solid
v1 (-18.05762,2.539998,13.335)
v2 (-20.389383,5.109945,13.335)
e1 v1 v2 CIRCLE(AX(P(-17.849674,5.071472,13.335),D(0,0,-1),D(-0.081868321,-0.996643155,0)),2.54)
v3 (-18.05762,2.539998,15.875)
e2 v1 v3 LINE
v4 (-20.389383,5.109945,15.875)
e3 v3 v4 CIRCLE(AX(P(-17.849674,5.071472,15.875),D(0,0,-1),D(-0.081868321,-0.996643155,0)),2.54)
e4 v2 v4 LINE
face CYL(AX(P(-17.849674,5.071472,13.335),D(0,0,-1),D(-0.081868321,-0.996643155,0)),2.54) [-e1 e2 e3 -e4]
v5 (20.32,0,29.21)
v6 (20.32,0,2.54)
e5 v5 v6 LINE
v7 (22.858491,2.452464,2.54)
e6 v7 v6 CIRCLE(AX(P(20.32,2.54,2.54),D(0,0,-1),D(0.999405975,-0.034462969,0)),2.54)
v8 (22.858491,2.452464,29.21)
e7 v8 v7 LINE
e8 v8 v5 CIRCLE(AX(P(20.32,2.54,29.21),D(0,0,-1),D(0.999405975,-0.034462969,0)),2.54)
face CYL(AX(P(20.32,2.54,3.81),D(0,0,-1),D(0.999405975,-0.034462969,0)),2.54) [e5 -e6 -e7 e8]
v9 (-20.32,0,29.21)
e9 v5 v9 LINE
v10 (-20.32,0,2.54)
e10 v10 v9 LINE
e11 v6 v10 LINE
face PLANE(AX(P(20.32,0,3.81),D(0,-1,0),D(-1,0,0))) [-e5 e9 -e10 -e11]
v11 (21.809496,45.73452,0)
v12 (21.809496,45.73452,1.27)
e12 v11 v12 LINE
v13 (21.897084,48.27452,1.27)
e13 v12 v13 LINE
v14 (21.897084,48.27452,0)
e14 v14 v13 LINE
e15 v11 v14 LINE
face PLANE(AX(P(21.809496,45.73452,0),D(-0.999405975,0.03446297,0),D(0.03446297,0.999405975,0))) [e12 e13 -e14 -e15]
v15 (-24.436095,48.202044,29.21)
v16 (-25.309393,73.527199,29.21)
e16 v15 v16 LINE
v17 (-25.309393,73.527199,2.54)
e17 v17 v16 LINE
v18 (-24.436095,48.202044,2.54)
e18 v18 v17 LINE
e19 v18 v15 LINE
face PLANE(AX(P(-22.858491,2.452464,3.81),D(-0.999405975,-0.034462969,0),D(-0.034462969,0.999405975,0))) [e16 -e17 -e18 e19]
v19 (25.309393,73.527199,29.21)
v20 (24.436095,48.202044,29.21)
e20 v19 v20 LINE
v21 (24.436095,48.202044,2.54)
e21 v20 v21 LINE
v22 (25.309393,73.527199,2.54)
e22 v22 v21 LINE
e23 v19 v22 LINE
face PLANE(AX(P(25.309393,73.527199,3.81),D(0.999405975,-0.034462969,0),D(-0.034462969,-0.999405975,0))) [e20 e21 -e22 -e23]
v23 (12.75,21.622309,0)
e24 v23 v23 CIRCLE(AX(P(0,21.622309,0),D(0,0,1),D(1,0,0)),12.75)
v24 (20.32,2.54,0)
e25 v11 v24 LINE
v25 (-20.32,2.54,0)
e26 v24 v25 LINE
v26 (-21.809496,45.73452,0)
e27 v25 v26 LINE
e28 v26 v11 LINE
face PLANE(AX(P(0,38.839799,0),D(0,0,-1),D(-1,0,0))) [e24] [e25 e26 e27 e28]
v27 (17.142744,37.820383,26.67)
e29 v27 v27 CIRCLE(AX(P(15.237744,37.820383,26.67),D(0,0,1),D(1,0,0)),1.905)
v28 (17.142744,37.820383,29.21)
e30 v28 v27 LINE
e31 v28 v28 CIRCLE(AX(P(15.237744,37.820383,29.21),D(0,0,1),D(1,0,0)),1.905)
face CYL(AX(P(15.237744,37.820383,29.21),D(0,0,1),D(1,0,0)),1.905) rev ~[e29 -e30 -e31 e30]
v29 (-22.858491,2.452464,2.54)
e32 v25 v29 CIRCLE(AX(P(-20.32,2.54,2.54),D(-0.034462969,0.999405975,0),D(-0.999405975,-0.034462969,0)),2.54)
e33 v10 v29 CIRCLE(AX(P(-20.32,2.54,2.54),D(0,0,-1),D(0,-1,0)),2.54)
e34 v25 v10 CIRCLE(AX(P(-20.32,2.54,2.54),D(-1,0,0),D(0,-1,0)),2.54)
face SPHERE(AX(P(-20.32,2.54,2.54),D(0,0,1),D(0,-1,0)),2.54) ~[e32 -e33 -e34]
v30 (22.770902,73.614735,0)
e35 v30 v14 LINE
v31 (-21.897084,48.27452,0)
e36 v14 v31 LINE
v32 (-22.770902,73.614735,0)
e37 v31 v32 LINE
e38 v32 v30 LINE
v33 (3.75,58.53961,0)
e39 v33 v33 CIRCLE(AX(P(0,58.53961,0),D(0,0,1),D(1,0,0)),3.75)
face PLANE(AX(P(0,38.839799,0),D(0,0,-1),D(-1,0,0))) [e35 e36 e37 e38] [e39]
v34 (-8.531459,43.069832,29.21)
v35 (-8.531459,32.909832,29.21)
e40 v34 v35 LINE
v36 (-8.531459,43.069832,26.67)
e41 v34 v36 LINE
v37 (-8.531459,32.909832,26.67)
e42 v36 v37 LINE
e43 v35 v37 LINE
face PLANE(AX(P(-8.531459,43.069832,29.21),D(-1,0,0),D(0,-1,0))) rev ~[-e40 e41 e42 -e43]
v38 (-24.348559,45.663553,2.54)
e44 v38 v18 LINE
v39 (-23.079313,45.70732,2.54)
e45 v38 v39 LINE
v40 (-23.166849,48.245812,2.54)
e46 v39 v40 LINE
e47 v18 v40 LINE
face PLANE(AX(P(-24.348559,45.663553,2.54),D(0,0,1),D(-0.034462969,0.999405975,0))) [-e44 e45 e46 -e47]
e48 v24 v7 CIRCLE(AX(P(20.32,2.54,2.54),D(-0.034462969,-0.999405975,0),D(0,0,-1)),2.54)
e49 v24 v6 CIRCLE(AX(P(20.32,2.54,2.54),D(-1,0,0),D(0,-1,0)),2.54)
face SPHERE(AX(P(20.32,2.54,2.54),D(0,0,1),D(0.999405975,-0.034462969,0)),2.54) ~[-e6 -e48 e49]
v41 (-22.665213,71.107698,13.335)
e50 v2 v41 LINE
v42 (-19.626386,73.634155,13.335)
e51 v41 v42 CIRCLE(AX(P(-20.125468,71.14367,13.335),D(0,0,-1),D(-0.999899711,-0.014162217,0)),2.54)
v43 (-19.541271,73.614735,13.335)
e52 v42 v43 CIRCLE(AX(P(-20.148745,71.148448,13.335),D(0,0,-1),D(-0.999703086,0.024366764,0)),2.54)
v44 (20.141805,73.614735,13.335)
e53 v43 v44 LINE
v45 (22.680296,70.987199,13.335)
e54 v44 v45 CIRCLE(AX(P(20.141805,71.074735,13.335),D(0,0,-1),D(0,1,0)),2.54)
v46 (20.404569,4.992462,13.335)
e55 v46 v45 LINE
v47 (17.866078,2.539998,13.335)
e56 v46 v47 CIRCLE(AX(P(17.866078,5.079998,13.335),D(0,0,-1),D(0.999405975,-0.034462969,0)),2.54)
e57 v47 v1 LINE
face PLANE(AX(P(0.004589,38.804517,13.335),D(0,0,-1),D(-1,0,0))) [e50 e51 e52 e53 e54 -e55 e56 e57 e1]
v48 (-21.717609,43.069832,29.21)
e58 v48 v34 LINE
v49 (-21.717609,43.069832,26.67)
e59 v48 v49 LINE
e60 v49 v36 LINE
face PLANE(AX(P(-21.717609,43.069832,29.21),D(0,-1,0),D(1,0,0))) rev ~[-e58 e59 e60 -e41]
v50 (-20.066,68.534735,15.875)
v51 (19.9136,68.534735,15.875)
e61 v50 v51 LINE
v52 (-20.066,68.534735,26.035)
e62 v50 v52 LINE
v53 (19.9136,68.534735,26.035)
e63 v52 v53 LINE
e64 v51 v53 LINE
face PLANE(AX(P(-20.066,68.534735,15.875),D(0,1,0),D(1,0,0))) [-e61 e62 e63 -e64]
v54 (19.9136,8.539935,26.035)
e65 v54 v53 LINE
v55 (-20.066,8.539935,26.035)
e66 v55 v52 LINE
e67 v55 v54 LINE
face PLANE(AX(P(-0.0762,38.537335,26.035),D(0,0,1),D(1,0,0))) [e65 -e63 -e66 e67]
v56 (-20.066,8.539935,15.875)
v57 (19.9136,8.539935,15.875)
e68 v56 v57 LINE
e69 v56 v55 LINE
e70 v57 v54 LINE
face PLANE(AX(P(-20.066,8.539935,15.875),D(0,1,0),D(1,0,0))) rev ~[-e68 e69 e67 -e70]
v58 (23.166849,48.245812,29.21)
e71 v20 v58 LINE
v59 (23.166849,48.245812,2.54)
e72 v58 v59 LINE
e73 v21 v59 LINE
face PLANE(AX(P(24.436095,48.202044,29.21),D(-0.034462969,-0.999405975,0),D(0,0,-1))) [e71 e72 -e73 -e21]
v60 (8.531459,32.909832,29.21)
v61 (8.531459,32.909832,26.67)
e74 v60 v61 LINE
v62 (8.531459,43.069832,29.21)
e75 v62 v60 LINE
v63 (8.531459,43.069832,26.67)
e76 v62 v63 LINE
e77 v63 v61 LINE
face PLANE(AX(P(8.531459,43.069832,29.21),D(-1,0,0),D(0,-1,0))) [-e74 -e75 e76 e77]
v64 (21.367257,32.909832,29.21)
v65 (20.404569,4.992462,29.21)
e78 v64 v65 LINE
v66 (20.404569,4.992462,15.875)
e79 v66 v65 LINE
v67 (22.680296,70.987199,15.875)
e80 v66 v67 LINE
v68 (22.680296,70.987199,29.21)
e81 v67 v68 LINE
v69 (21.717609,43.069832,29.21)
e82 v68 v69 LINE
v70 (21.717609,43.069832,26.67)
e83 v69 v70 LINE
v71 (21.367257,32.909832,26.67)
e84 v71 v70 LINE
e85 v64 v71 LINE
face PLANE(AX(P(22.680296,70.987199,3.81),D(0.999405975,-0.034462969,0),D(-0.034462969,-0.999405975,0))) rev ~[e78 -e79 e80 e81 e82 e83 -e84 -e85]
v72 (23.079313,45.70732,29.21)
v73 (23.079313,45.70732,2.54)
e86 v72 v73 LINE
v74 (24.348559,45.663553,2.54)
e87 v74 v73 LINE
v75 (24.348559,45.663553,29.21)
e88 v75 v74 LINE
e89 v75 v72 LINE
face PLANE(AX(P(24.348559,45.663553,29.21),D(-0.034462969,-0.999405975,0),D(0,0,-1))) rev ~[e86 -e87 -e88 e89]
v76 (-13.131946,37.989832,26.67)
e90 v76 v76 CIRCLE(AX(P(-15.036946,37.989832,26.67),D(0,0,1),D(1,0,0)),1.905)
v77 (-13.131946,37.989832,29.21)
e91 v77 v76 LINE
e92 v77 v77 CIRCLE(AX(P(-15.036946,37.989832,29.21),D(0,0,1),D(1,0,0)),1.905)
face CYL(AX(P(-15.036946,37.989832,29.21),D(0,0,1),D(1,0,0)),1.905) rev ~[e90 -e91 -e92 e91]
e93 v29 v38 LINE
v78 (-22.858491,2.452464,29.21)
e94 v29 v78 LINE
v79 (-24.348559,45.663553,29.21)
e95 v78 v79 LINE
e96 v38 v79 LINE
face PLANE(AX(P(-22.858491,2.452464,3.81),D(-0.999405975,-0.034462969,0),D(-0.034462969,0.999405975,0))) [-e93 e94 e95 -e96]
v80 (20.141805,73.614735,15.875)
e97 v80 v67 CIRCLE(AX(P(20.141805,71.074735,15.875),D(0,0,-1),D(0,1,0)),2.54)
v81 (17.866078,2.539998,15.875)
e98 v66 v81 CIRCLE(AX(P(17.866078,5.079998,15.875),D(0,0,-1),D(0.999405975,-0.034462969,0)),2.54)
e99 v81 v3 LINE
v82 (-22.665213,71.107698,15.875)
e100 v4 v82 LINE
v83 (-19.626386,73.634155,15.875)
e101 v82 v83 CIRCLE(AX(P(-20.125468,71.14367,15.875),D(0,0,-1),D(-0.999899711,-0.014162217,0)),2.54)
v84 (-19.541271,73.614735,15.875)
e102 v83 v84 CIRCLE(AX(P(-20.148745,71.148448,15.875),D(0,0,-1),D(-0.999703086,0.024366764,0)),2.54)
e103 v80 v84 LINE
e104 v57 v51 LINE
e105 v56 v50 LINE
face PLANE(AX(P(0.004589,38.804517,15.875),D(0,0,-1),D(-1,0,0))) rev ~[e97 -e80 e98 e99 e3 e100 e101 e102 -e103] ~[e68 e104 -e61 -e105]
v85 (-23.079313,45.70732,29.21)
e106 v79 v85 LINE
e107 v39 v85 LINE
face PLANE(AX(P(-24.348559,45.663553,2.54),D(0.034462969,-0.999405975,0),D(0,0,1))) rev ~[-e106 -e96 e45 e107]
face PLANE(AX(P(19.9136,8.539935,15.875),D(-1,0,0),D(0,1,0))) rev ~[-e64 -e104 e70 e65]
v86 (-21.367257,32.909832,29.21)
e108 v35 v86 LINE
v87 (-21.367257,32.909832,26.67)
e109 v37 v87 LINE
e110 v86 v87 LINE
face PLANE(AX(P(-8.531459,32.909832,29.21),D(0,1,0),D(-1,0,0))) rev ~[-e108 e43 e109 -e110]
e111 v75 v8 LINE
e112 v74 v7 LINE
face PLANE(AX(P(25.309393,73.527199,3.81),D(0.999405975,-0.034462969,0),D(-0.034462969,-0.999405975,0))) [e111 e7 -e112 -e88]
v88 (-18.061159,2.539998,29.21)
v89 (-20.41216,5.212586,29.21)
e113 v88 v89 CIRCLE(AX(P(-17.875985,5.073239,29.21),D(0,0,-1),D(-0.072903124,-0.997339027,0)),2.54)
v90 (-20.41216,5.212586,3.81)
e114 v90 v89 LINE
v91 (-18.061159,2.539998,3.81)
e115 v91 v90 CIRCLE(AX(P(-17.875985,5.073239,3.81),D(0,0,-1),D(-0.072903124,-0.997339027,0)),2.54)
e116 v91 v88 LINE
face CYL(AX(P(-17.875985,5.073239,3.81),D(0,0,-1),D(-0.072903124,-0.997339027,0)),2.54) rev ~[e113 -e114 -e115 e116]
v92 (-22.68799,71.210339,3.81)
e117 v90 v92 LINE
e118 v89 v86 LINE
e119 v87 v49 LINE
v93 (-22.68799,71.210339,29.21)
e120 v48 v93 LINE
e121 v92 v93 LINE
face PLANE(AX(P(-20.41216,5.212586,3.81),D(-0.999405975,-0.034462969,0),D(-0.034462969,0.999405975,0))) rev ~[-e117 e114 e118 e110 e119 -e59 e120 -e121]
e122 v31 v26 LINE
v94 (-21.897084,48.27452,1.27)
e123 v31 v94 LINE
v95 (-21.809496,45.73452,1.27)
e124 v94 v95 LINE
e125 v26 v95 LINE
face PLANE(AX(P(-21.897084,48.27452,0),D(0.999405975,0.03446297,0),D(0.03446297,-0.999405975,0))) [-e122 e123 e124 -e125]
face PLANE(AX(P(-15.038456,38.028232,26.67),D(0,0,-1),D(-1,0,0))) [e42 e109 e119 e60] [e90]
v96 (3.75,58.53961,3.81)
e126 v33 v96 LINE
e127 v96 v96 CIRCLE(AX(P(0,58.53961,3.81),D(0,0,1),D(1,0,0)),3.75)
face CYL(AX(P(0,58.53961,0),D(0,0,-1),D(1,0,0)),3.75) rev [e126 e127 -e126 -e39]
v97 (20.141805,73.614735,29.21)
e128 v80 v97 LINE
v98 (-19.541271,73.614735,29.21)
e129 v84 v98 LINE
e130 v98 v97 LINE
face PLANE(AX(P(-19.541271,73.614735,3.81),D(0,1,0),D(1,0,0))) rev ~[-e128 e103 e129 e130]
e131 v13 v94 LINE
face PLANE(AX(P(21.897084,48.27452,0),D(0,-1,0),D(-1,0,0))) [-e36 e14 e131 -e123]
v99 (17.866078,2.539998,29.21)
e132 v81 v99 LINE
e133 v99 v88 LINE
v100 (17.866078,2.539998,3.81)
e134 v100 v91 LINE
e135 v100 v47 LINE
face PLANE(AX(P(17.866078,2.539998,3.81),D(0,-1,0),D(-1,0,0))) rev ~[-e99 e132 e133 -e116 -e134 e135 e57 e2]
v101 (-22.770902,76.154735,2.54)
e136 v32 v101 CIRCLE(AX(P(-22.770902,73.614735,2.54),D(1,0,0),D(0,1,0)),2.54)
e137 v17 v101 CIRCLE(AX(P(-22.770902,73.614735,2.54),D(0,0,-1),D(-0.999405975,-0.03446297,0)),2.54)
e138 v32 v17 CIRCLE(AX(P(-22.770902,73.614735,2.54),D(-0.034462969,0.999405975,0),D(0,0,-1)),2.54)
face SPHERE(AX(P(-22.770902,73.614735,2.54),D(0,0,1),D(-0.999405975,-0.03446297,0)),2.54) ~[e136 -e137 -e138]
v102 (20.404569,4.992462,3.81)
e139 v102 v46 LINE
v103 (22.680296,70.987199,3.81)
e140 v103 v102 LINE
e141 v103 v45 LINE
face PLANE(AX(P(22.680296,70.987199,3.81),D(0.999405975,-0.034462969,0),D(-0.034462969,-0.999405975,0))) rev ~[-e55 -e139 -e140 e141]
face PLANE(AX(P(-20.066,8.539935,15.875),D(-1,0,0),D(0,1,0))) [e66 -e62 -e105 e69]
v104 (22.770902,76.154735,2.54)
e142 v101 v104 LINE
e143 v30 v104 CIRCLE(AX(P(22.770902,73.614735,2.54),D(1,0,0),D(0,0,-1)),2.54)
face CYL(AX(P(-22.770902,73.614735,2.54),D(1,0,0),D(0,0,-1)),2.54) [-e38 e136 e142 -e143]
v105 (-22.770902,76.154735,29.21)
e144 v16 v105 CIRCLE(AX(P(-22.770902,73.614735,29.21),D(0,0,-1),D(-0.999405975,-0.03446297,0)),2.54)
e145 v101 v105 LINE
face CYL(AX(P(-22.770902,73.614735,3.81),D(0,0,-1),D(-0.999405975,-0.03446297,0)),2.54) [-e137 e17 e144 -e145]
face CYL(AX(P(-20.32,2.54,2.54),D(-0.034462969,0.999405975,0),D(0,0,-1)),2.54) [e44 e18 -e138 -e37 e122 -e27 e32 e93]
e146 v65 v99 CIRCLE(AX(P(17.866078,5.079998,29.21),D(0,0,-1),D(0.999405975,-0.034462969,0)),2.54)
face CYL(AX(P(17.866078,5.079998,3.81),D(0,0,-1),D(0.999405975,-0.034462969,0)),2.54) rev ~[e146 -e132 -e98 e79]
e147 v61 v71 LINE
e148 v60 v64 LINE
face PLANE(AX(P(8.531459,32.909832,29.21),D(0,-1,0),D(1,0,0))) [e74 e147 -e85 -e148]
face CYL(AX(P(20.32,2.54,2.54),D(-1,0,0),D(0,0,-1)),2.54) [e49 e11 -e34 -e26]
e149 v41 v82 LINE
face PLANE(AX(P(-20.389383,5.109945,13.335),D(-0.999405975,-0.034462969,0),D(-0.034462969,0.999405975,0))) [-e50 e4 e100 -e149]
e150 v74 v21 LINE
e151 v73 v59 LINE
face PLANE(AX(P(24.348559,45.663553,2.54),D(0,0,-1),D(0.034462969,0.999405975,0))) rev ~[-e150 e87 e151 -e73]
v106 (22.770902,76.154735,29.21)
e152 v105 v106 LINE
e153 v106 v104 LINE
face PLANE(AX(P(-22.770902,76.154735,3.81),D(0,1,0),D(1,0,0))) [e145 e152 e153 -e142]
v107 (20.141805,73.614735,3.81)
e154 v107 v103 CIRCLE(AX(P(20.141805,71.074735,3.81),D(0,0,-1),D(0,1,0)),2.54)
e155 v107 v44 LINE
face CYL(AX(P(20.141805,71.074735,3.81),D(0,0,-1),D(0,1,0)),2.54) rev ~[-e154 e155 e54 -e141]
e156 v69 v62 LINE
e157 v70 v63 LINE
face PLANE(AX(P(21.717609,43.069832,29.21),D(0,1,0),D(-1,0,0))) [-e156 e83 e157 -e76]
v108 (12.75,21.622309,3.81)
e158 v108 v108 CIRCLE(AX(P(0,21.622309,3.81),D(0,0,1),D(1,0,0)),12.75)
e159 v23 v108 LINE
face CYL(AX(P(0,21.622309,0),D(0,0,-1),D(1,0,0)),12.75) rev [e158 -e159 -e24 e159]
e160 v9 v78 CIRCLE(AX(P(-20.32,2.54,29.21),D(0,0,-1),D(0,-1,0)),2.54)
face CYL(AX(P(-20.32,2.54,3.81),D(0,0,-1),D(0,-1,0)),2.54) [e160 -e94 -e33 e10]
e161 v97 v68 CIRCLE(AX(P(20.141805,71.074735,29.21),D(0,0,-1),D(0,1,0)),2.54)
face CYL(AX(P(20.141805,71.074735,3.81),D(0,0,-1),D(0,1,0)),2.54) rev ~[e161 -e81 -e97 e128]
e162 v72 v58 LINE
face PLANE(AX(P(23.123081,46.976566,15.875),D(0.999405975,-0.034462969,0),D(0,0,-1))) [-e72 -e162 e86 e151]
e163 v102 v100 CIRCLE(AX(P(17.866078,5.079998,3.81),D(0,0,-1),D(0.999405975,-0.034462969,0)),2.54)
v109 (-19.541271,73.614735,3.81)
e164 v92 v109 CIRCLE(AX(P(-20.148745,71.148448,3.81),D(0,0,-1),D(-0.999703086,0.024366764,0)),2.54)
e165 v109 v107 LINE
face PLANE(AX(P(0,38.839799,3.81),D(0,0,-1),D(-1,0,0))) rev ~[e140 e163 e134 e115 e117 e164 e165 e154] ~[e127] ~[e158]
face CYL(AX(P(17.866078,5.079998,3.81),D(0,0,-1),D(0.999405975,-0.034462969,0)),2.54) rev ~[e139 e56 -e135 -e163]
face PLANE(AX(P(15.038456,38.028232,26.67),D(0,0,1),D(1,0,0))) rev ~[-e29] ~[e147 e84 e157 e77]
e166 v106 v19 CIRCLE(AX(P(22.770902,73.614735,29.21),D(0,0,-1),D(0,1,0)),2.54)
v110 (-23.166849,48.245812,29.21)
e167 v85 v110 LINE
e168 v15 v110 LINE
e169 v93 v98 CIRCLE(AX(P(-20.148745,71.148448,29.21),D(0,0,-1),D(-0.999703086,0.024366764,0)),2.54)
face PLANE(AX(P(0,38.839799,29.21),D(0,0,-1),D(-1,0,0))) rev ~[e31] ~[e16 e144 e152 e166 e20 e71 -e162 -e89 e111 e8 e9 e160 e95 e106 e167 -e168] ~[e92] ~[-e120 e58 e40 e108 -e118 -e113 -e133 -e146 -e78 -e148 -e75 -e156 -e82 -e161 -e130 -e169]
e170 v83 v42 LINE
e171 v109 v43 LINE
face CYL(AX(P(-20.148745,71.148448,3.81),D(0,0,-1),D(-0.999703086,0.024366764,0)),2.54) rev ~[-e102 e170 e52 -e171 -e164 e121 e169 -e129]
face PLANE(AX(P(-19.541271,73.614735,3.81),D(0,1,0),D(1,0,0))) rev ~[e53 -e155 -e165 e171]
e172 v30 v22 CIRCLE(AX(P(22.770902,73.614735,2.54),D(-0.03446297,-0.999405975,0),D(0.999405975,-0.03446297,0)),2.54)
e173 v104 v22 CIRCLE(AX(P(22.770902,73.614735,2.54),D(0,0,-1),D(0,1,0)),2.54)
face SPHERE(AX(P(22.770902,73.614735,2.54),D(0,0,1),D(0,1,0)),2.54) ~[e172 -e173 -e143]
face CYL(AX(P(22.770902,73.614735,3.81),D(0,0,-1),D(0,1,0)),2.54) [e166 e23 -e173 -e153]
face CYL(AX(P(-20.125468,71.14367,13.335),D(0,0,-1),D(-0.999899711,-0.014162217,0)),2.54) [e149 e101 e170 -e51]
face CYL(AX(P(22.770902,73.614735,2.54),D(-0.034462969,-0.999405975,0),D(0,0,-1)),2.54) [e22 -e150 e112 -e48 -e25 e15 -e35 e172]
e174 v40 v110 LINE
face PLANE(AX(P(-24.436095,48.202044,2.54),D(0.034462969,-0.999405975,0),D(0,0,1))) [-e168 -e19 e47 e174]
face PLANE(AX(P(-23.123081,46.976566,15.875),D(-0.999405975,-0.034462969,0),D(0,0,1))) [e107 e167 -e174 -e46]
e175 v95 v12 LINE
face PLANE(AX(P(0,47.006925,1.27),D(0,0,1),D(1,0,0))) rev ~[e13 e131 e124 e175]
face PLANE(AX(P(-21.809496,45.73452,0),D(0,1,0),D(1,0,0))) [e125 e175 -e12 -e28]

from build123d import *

# Parameters (mm, degrees)
SKETCH1_R           = 3.75
SKETCH1_R_2         = 12.75
BOSS_EXTRUDE1_DEPTH = 3.81
BOSS_EXTRUDE3_DEPTH = 25.4
BOSS_EXTRUDE4_DEPTH = 2.54
FILLET1_R           = 2.54
BOSS_EXTRUDE6_DEPTH = 2.54
SKETCH9_R           = 1.905
CUT_EXTRUDE1_DEPTH  = 2.54
CUT_EXTRUDE2_DEPTH  = 1.27
SKETCH11_W          = 26.67
SKETCH11_H          = 2.54
CUT_EXTRUDE3_DEPTH  = 1.27
SKETCH12_W          = 26.67
SKETCH12_H          = 2.54
CUT_EXTRUDE4_DEPTH  = 1.27
SKETCH13_W          = 39.9796
SKETCH13_H          = 59.9948
BOSS_EXTRUDE7_DEPTH = 10.16


with BuildPart() as part:
    # Sketch1 → Boss-Extrude1 (new body)
    with BuildSketch(Plane.XY):
        with BuildLine():
            Line((-22.77090231, 76.154735329), (22.77090231, 76.154735329))
            ThreePointArc((22.77090231, 76.154735329), (24.597640016, 75.379566583), (25.309393487, 73.527199387))
            Line((25.309393487, 73.527199387), (22.858491178, 2.452464058))
            ThreePointArc((22.858491178, 2.452464058), (22.084831254, 0.713262294), (20.32, 0))
            Line((20.32, 0), (-20.32, 0))
            ThreePointArc((-20.32, 0), (-22.084831254, 0.713262294), (-22.858491178, 2.452464058))
            Line((-22.858491178, 2.452464058), (-25.309393487, 73.527199387))
            ThreePointArc((-25.309393487, 73.527199387), (-24.597640016, 75.379566583), (-22.77090231, 76.154735329))
        make_face()
        with Locations((0, 58.539610149)):
            Circle(SKETCH1_R, mode=Mode.SUBTRACT)
        with Locations((0, 21.622308918)):
            Circle(SKETCH1_R_2, mode=Mode.SUBTRACT)
    extrude(amount=BOSS_EXTRUDE1_DEPTH)

    # Sketch4 → Boss-Extrude3 (add)
    with BuildSketch(Plane.XY.offset(3.81)):
        with BuildLine():
            Line((-22.77090231, 76.154735329), (22.77090231, 76.154735329))
            ThreePointArc((22.77090231, 76.154735329), (24.597640016, 75.379566583), (25.309393487, 73.527199387))
            Line((25.309393487, 73.527199387), (22.858491178, 2.452464058))
            ThreePointArc((22.858491178, 2.452464058), (22.084831254, 0.713262294), (20.32, 0))
            Line((20.32, 0), (-20.32, 0))
            ThreePointArc((-20.32, 0), (-22.084831254, 0.713262294), (-22.858491178, 2.452464058))
            Line((-22.858491178, 2.452464058), (-25.309393487, 73.527199387))
            ThreePointArc((-25.309393487, 73.527199387), (-24.597640016, 75.379566583), (-22.77090231, 76.154735329))
        make_face()
        with BuildLine():
            Line((-19.541270744, 73.614735329), (20.141804619, 73.614735329))
            ThreePointArc((20.141804619, 73.614735329), (21.968542325, 72.839566583), (22.680295797, 70.987199387))
            Line((22.680295797, 70.987199387), (20.404569365, 4.992462187))
            ThreePointArc((20.404569365, 4.992462187), (19.630909441, 3.253260423), (17.866078187, 2.539998129))
            Line((17.866078187, 2.539998129), (-18.061159176, 2.539998129))
            ThreePointArc((-18.061159176, 2.539998129), (-19.78310781, 3.39559701), (-20.412160003, 5.212586245))
            Line((-20.412160003, 5.212586245), (-22.687990425, 71.210339105))
            ThreePointArc((-22.687990425, 71.210339105), (-21.690891162, 73.166710129), (-19.541270744, 73.614735329))
        make_face(mode=Mode.SUBTRACT)
    extrude(amount=BOSS_EXTRUDE3_DEPTH)

    # Sketch7 → Boss-Extrude4 (add)
    with BuildSketch(Plane.XY.offset(13.335)):
        with BuildLine():
            Line((-19.537731311, 73.614735329), (20.145344052, 73.614735329))
            ThreePointArc((20.145344052, 73.614735329), (21.972081758, 72.839566583), (22.68383523, 70.987199387))
            Line((22.68383523, 70.987199387), (20.408108798, 4.992462187))
            ThreePointArc((20.408108798, 4.992462187), (19.634448874, 3.253260423), (17.86961762, 2.539998129))
            Line((17.86961762, 2.539998129), (-18.057619743, 2.539998129))
            ThreePointArc((-18.057619743, 2.539998129), (-19.730779532, 3.364707915), (-20.389382819, 5.109944754))
            Line((-20.389382819, 5.109944754), (-22.665213241, 71.107697614))
            ThreePointArc((-22.665213241, 71.107697614), (-21.714144758, 73.125513756), (-19.537731311, 73.614735329))
        make_face()
    extrude(amount=BOSS_EXTRUDE4_DEPTH)

    # Fillet1
    fillet1_edges = [part.edges().sort_by_distance(p)[0] for p in [
        (-22.084831254, 0.713262294, 0),
        (-24.083942332, 37.989831723, 0),
        (-24.597640016, 75.379566583, 0),
        (0, 76.154735329, 0),
        (24.597640016, 75.379566583, 0),
        (24.083942332, 37.989831723, 0),
        (22.084831254, 0.713262294, 0),
        (0, 0, 0),
    ]]
    fillet(fillet1_edges, radius=FILLET1_R)

    # Sketch8 → Boss-Extrude6 (add)
    with BuildSketch(Plane.XY.offset(29.21)):
        Polygon((-21.717608556, 43.069831723), (-8.531459132, 43.069831723), (-8.531459132, 32.909831723), (-21.367256671, 32.909831723), align=None)
        Polygon((8.531459132, 32.909831723), (21.367256671, 32.909831723), (21.717608556, 43.069831723), (8.531459132, 43.069831723), align=None)
    extrude(amount=-BOSS_EXTRUDE6_DEPTH)

    # Sketch9 → Cut-Extrude1 (cut)
    with BuildSketch(Plane.XY.offset(29.21)):
        with Locations((-15.036945873, 37.989831723)):
            Circle(SKETCH9_R)
        with Locations((15.237744036, 37.820383377)):
            Circle(SKETCH9_R)
    extrude(amount=-CUT_EXTRUDE1_DEPTH, mode=Mode.SUBTRACT)

    # Sketch10 → Cut-Extrude2 (cut)
    with BuildSketch(Plane(origin=(0, 0, 0), x_dir=(-1, 0, 0), z_dir=(0, 0, -1))):
        Polygon((-21.897084176, 48.274519863), (21.897084176, 48.274519863), (21.809496204, 45.734519863), (-21.809496204, 45.734519863), align=None)
    extrude(amount=-CUT_EXTRUDE2_DEPTH, mode=Mode.SUBTRACT)

    # Sketch11 → Cut-Extrude3 (cut)
    with BuildSketch(Plane(origin=(-22.746873247, -0.784390739, 0), x_dir=(0, 0, 1), z_dir=(-0.999405975, -0.034462969, 0))):
        with Locations((15.875, 47.745550873)):
            Rectangle(SKETCH11_W, SKETCH11_H)
    extrude(amount=-CUT_EXTRUDE3_DEPTH, mode=Mode.SUBTRACT)

    # Sketch12 → Cut-Extrude4 (cut)
    with BuildSketch(Plane(origin=(22.746873247, -0.784390739, 0), x_dir=(0, 0, -1), z_dir=(0.999405975, -0.034462969, 0))):
        with Locations((-15.875, 47.745550873)):
            Rectangle(SKETCH12_W, SKETCH12_H)
    extrude(amount=-CUT_EXTRUDE4_DEPTH, mode=Mode.SUBTRACT)

    # Sketch13 → Boss-Extrude7 (add)
    with BuildSketch(Plane.XY.offset(15.875)):
        with Locations((-0.0762, 38.537335329)):
            Rectangle(SKETCH13_W, SKETCH13_H)
    extrude(amount=BOSS_EXTRUDE7_DEPTH)


solid = part.part
